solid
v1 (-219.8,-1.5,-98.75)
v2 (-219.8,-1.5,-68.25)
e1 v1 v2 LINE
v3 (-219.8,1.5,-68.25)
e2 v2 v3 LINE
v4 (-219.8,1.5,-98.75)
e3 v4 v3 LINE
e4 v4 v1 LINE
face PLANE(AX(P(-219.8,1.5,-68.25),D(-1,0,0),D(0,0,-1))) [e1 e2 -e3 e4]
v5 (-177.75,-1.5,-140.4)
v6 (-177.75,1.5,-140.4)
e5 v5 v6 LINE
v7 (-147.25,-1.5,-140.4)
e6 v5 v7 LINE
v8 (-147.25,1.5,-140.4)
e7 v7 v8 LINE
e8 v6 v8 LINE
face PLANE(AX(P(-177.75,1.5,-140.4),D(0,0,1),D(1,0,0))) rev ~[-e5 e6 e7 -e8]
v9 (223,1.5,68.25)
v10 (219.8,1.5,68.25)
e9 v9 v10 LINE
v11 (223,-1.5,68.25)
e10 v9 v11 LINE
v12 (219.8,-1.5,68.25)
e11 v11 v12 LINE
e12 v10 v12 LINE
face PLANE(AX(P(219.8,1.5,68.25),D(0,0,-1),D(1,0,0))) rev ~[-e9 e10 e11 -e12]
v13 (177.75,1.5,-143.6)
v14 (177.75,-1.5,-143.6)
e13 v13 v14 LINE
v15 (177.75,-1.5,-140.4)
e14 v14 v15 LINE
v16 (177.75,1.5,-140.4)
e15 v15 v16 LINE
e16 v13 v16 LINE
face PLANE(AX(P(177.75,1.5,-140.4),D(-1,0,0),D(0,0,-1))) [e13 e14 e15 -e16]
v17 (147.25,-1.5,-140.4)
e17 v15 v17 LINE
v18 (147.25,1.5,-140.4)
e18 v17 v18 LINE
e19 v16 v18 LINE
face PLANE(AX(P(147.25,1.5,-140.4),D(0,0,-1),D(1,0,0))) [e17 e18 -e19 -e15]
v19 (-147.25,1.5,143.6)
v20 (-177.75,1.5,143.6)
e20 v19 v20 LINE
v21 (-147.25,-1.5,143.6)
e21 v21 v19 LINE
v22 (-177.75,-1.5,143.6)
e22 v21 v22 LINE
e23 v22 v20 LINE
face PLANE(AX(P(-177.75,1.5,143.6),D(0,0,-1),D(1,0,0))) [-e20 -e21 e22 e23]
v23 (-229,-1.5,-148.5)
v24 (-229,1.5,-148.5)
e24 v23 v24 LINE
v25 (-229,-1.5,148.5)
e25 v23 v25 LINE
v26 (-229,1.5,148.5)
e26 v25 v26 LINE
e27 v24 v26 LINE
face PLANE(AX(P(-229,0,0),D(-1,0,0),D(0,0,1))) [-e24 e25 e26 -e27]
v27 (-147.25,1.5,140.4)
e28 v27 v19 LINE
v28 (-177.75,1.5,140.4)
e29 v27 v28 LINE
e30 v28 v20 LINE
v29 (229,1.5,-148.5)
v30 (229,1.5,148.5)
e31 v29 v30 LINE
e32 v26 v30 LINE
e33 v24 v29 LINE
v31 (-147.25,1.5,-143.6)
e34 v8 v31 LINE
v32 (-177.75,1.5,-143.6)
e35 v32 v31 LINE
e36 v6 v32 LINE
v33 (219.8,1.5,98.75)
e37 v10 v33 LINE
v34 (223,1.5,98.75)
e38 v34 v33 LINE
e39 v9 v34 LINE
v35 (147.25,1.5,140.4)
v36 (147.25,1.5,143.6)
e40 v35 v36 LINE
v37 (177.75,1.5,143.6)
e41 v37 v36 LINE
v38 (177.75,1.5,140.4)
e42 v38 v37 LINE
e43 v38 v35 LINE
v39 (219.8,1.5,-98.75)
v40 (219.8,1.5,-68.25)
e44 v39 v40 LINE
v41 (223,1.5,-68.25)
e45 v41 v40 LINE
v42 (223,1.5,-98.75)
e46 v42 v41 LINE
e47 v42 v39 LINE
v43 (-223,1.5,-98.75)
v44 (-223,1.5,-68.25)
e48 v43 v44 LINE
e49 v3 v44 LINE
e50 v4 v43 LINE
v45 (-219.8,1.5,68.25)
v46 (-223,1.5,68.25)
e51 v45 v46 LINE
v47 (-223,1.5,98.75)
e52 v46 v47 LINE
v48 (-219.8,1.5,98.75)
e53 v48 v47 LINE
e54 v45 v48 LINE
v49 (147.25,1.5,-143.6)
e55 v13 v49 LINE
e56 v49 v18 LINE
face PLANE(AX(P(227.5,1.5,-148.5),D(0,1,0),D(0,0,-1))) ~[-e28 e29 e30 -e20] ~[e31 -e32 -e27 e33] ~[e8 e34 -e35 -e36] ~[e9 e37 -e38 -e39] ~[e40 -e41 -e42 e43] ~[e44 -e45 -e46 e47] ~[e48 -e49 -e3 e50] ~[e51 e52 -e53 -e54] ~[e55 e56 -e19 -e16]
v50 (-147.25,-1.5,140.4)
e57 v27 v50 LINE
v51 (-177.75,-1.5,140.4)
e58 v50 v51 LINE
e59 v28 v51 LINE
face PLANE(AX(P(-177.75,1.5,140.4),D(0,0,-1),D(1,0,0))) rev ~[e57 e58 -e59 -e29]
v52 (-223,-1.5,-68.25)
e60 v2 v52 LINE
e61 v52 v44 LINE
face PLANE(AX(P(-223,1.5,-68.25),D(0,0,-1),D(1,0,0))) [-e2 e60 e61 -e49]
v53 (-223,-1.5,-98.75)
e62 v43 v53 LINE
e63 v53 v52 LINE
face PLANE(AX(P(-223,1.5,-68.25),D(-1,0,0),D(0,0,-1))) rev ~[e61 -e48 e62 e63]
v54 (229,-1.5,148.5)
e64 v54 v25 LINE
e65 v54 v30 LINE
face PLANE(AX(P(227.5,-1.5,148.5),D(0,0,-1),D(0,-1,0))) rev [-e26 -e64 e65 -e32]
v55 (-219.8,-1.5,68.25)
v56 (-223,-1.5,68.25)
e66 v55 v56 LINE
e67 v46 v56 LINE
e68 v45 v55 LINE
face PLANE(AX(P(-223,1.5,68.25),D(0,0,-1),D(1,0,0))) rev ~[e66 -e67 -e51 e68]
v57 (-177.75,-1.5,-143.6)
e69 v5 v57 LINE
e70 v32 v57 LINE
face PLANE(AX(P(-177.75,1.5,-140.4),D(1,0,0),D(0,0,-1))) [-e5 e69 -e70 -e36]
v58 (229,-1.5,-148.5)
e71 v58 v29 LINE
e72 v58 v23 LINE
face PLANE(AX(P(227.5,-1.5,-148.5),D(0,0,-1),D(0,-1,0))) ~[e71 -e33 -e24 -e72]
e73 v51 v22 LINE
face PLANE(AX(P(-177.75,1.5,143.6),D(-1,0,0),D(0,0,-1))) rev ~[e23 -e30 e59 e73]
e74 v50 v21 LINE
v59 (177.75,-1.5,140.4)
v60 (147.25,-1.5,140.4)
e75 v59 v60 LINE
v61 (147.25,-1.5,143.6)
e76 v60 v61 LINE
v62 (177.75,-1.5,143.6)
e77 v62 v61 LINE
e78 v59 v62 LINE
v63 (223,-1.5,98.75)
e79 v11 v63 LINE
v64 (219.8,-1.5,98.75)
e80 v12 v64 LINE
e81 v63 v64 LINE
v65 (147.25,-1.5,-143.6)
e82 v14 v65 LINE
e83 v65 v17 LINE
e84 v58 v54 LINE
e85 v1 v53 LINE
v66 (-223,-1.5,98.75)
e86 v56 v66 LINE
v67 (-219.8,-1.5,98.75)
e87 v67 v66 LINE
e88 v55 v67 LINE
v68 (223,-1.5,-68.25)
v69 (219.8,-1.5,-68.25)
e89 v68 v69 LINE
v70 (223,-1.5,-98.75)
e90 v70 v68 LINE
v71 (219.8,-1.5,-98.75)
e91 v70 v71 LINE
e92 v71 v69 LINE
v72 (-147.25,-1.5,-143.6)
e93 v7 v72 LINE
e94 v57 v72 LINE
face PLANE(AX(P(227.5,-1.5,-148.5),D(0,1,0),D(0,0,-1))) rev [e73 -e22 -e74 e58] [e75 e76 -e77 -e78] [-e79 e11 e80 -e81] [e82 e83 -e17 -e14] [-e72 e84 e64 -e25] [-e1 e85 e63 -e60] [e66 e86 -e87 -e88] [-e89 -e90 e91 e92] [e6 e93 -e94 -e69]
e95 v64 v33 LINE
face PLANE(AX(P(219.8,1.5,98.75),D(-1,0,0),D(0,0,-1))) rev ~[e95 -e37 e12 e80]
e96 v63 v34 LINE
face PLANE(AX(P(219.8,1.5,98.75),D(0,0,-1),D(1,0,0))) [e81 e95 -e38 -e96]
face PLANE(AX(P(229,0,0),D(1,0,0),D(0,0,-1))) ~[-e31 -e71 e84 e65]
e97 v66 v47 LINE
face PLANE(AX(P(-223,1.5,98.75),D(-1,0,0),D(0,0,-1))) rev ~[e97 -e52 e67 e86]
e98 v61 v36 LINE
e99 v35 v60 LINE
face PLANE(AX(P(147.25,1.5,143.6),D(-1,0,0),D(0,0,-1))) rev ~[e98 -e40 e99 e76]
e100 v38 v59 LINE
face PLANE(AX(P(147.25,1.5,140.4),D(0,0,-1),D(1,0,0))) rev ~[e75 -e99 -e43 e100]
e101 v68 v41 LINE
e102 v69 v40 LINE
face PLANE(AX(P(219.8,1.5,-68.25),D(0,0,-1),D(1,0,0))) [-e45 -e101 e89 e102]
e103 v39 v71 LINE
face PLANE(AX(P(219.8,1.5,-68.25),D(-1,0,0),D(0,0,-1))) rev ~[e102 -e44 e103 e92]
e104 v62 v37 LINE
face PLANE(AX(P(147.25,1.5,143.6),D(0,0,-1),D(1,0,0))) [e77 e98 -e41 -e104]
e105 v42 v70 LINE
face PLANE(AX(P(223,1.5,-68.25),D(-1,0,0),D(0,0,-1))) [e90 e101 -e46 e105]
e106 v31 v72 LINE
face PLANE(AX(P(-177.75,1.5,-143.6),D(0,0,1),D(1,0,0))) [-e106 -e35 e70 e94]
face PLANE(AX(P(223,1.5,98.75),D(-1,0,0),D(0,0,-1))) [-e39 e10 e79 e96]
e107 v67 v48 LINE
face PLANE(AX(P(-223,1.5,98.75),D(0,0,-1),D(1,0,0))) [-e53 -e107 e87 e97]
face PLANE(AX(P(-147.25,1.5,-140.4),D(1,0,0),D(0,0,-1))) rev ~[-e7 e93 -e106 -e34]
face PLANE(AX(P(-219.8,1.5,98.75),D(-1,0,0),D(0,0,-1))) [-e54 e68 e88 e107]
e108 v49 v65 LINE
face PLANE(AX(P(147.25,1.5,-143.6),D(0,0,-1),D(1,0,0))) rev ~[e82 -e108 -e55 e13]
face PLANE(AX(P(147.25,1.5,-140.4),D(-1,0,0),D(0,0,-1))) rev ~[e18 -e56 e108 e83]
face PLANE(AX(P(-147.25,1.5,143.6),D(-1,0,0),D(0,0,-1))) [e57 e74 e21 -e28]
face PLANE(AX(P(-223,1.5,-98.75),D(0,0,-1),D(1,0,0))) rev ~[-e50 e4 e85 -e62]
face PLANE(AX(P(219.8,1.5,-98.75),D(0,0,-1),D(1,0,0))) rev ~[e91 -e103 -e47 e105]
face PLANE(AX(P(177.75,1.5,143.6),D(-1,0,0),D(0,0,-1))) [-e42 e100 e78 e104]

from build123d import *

# Parameters (mm, degrees)
CROQUIS1_W              = 455
CROQUIS1_H              = 297
SALIENTE_EXTRUIR1_DEPTH = 1.5
CROQUIS2_W              = 30.5
CROQUIS2_H              = 3.2
CROQUIS2_W_2            = 3.2
CROQUIS2_H_2            = 30.5
CORTAR_EXTRUIR1_DEPTH   = 5
CROQUIS3_W              = 297
CROQUIS3_H              = 3
SALIENTE_EXTRUIR2_DEPTH = 1.5


with BuildPart() as part:
    # Croquis1 → Saliente-Extruir1 (new, symmetric)
    with BuildSketch(Plane(origin=(0, 0, 0), x_dir=(1, 0, 0), z_dir=(0, 1, 0))):
        Rectangle(CROQUIS1_W, CROQUIS1_H)
    extrude(amount=SALIENTE_EXTRUIR1_DEPTH, both=True)

    # Croquis2 → Cortar-Extruir1 (cut, symmetric)
    with BuildSketch(Plane(origin=(0, 1.5, 0), x_dir=(1, 0, 0), z_dir=(0, 1, 0))):
        with Locations((-162.5, -142)):
            Rectangle(CROQUIS2_W, CROQUIS2_H)
        with Locations((-221.4, -83.5)):
            Rectangle(CROQUIS2_W_2, CROQUIS2_H_2)
        with Locations((221.4, -83.5)):
            Rectangle(CROQUIS2_W_2, CROQUIS2_H_2)
        with Locations((162.5, -142)):
            Rectangle(CROQUIS2_W, CROQUIS2_H)
        with Locations((162.5, 142)):
            Rectangle(CROQUIS2_W, CROQUIS2_H)
        with Locations((221.4, 83.5)):
            Rectangle(CROQUIS2_W_2, CROQUIS2_H_2)
        with Locations((-221.4, 83.5)):
            Rectangle(CROQUIS2_W_2, CROQUIS2_H_2)
        with Locations((-162.5, 142)):
            Rectangle(CROQUIS2_W, CROQUIS2_H)
    extrude(amount=CORTAR_EXTRUIR1_DEPTH, both=True, mode=Mode.SUBTRACT)

    # Croquis3 → Saliente-Extruir2 (add)
    with BuildSketch(Plane.ZY.offset(227.5)):
        Rectangle(CROQUIS3_W, CROQUIS3_H)
    saliente_extruir2 = extrude(amount=SALIENTE_EXTRUIR2_DEPTH)

    # Simetría1: Saliente-Extruir2 across plane
    add(saliente_extruir2.mirror(Plane(origin=(0, 0, 0), x_dir=(0, 0, 1), z_dir=(1, 0, 0))))


solid = part.part
